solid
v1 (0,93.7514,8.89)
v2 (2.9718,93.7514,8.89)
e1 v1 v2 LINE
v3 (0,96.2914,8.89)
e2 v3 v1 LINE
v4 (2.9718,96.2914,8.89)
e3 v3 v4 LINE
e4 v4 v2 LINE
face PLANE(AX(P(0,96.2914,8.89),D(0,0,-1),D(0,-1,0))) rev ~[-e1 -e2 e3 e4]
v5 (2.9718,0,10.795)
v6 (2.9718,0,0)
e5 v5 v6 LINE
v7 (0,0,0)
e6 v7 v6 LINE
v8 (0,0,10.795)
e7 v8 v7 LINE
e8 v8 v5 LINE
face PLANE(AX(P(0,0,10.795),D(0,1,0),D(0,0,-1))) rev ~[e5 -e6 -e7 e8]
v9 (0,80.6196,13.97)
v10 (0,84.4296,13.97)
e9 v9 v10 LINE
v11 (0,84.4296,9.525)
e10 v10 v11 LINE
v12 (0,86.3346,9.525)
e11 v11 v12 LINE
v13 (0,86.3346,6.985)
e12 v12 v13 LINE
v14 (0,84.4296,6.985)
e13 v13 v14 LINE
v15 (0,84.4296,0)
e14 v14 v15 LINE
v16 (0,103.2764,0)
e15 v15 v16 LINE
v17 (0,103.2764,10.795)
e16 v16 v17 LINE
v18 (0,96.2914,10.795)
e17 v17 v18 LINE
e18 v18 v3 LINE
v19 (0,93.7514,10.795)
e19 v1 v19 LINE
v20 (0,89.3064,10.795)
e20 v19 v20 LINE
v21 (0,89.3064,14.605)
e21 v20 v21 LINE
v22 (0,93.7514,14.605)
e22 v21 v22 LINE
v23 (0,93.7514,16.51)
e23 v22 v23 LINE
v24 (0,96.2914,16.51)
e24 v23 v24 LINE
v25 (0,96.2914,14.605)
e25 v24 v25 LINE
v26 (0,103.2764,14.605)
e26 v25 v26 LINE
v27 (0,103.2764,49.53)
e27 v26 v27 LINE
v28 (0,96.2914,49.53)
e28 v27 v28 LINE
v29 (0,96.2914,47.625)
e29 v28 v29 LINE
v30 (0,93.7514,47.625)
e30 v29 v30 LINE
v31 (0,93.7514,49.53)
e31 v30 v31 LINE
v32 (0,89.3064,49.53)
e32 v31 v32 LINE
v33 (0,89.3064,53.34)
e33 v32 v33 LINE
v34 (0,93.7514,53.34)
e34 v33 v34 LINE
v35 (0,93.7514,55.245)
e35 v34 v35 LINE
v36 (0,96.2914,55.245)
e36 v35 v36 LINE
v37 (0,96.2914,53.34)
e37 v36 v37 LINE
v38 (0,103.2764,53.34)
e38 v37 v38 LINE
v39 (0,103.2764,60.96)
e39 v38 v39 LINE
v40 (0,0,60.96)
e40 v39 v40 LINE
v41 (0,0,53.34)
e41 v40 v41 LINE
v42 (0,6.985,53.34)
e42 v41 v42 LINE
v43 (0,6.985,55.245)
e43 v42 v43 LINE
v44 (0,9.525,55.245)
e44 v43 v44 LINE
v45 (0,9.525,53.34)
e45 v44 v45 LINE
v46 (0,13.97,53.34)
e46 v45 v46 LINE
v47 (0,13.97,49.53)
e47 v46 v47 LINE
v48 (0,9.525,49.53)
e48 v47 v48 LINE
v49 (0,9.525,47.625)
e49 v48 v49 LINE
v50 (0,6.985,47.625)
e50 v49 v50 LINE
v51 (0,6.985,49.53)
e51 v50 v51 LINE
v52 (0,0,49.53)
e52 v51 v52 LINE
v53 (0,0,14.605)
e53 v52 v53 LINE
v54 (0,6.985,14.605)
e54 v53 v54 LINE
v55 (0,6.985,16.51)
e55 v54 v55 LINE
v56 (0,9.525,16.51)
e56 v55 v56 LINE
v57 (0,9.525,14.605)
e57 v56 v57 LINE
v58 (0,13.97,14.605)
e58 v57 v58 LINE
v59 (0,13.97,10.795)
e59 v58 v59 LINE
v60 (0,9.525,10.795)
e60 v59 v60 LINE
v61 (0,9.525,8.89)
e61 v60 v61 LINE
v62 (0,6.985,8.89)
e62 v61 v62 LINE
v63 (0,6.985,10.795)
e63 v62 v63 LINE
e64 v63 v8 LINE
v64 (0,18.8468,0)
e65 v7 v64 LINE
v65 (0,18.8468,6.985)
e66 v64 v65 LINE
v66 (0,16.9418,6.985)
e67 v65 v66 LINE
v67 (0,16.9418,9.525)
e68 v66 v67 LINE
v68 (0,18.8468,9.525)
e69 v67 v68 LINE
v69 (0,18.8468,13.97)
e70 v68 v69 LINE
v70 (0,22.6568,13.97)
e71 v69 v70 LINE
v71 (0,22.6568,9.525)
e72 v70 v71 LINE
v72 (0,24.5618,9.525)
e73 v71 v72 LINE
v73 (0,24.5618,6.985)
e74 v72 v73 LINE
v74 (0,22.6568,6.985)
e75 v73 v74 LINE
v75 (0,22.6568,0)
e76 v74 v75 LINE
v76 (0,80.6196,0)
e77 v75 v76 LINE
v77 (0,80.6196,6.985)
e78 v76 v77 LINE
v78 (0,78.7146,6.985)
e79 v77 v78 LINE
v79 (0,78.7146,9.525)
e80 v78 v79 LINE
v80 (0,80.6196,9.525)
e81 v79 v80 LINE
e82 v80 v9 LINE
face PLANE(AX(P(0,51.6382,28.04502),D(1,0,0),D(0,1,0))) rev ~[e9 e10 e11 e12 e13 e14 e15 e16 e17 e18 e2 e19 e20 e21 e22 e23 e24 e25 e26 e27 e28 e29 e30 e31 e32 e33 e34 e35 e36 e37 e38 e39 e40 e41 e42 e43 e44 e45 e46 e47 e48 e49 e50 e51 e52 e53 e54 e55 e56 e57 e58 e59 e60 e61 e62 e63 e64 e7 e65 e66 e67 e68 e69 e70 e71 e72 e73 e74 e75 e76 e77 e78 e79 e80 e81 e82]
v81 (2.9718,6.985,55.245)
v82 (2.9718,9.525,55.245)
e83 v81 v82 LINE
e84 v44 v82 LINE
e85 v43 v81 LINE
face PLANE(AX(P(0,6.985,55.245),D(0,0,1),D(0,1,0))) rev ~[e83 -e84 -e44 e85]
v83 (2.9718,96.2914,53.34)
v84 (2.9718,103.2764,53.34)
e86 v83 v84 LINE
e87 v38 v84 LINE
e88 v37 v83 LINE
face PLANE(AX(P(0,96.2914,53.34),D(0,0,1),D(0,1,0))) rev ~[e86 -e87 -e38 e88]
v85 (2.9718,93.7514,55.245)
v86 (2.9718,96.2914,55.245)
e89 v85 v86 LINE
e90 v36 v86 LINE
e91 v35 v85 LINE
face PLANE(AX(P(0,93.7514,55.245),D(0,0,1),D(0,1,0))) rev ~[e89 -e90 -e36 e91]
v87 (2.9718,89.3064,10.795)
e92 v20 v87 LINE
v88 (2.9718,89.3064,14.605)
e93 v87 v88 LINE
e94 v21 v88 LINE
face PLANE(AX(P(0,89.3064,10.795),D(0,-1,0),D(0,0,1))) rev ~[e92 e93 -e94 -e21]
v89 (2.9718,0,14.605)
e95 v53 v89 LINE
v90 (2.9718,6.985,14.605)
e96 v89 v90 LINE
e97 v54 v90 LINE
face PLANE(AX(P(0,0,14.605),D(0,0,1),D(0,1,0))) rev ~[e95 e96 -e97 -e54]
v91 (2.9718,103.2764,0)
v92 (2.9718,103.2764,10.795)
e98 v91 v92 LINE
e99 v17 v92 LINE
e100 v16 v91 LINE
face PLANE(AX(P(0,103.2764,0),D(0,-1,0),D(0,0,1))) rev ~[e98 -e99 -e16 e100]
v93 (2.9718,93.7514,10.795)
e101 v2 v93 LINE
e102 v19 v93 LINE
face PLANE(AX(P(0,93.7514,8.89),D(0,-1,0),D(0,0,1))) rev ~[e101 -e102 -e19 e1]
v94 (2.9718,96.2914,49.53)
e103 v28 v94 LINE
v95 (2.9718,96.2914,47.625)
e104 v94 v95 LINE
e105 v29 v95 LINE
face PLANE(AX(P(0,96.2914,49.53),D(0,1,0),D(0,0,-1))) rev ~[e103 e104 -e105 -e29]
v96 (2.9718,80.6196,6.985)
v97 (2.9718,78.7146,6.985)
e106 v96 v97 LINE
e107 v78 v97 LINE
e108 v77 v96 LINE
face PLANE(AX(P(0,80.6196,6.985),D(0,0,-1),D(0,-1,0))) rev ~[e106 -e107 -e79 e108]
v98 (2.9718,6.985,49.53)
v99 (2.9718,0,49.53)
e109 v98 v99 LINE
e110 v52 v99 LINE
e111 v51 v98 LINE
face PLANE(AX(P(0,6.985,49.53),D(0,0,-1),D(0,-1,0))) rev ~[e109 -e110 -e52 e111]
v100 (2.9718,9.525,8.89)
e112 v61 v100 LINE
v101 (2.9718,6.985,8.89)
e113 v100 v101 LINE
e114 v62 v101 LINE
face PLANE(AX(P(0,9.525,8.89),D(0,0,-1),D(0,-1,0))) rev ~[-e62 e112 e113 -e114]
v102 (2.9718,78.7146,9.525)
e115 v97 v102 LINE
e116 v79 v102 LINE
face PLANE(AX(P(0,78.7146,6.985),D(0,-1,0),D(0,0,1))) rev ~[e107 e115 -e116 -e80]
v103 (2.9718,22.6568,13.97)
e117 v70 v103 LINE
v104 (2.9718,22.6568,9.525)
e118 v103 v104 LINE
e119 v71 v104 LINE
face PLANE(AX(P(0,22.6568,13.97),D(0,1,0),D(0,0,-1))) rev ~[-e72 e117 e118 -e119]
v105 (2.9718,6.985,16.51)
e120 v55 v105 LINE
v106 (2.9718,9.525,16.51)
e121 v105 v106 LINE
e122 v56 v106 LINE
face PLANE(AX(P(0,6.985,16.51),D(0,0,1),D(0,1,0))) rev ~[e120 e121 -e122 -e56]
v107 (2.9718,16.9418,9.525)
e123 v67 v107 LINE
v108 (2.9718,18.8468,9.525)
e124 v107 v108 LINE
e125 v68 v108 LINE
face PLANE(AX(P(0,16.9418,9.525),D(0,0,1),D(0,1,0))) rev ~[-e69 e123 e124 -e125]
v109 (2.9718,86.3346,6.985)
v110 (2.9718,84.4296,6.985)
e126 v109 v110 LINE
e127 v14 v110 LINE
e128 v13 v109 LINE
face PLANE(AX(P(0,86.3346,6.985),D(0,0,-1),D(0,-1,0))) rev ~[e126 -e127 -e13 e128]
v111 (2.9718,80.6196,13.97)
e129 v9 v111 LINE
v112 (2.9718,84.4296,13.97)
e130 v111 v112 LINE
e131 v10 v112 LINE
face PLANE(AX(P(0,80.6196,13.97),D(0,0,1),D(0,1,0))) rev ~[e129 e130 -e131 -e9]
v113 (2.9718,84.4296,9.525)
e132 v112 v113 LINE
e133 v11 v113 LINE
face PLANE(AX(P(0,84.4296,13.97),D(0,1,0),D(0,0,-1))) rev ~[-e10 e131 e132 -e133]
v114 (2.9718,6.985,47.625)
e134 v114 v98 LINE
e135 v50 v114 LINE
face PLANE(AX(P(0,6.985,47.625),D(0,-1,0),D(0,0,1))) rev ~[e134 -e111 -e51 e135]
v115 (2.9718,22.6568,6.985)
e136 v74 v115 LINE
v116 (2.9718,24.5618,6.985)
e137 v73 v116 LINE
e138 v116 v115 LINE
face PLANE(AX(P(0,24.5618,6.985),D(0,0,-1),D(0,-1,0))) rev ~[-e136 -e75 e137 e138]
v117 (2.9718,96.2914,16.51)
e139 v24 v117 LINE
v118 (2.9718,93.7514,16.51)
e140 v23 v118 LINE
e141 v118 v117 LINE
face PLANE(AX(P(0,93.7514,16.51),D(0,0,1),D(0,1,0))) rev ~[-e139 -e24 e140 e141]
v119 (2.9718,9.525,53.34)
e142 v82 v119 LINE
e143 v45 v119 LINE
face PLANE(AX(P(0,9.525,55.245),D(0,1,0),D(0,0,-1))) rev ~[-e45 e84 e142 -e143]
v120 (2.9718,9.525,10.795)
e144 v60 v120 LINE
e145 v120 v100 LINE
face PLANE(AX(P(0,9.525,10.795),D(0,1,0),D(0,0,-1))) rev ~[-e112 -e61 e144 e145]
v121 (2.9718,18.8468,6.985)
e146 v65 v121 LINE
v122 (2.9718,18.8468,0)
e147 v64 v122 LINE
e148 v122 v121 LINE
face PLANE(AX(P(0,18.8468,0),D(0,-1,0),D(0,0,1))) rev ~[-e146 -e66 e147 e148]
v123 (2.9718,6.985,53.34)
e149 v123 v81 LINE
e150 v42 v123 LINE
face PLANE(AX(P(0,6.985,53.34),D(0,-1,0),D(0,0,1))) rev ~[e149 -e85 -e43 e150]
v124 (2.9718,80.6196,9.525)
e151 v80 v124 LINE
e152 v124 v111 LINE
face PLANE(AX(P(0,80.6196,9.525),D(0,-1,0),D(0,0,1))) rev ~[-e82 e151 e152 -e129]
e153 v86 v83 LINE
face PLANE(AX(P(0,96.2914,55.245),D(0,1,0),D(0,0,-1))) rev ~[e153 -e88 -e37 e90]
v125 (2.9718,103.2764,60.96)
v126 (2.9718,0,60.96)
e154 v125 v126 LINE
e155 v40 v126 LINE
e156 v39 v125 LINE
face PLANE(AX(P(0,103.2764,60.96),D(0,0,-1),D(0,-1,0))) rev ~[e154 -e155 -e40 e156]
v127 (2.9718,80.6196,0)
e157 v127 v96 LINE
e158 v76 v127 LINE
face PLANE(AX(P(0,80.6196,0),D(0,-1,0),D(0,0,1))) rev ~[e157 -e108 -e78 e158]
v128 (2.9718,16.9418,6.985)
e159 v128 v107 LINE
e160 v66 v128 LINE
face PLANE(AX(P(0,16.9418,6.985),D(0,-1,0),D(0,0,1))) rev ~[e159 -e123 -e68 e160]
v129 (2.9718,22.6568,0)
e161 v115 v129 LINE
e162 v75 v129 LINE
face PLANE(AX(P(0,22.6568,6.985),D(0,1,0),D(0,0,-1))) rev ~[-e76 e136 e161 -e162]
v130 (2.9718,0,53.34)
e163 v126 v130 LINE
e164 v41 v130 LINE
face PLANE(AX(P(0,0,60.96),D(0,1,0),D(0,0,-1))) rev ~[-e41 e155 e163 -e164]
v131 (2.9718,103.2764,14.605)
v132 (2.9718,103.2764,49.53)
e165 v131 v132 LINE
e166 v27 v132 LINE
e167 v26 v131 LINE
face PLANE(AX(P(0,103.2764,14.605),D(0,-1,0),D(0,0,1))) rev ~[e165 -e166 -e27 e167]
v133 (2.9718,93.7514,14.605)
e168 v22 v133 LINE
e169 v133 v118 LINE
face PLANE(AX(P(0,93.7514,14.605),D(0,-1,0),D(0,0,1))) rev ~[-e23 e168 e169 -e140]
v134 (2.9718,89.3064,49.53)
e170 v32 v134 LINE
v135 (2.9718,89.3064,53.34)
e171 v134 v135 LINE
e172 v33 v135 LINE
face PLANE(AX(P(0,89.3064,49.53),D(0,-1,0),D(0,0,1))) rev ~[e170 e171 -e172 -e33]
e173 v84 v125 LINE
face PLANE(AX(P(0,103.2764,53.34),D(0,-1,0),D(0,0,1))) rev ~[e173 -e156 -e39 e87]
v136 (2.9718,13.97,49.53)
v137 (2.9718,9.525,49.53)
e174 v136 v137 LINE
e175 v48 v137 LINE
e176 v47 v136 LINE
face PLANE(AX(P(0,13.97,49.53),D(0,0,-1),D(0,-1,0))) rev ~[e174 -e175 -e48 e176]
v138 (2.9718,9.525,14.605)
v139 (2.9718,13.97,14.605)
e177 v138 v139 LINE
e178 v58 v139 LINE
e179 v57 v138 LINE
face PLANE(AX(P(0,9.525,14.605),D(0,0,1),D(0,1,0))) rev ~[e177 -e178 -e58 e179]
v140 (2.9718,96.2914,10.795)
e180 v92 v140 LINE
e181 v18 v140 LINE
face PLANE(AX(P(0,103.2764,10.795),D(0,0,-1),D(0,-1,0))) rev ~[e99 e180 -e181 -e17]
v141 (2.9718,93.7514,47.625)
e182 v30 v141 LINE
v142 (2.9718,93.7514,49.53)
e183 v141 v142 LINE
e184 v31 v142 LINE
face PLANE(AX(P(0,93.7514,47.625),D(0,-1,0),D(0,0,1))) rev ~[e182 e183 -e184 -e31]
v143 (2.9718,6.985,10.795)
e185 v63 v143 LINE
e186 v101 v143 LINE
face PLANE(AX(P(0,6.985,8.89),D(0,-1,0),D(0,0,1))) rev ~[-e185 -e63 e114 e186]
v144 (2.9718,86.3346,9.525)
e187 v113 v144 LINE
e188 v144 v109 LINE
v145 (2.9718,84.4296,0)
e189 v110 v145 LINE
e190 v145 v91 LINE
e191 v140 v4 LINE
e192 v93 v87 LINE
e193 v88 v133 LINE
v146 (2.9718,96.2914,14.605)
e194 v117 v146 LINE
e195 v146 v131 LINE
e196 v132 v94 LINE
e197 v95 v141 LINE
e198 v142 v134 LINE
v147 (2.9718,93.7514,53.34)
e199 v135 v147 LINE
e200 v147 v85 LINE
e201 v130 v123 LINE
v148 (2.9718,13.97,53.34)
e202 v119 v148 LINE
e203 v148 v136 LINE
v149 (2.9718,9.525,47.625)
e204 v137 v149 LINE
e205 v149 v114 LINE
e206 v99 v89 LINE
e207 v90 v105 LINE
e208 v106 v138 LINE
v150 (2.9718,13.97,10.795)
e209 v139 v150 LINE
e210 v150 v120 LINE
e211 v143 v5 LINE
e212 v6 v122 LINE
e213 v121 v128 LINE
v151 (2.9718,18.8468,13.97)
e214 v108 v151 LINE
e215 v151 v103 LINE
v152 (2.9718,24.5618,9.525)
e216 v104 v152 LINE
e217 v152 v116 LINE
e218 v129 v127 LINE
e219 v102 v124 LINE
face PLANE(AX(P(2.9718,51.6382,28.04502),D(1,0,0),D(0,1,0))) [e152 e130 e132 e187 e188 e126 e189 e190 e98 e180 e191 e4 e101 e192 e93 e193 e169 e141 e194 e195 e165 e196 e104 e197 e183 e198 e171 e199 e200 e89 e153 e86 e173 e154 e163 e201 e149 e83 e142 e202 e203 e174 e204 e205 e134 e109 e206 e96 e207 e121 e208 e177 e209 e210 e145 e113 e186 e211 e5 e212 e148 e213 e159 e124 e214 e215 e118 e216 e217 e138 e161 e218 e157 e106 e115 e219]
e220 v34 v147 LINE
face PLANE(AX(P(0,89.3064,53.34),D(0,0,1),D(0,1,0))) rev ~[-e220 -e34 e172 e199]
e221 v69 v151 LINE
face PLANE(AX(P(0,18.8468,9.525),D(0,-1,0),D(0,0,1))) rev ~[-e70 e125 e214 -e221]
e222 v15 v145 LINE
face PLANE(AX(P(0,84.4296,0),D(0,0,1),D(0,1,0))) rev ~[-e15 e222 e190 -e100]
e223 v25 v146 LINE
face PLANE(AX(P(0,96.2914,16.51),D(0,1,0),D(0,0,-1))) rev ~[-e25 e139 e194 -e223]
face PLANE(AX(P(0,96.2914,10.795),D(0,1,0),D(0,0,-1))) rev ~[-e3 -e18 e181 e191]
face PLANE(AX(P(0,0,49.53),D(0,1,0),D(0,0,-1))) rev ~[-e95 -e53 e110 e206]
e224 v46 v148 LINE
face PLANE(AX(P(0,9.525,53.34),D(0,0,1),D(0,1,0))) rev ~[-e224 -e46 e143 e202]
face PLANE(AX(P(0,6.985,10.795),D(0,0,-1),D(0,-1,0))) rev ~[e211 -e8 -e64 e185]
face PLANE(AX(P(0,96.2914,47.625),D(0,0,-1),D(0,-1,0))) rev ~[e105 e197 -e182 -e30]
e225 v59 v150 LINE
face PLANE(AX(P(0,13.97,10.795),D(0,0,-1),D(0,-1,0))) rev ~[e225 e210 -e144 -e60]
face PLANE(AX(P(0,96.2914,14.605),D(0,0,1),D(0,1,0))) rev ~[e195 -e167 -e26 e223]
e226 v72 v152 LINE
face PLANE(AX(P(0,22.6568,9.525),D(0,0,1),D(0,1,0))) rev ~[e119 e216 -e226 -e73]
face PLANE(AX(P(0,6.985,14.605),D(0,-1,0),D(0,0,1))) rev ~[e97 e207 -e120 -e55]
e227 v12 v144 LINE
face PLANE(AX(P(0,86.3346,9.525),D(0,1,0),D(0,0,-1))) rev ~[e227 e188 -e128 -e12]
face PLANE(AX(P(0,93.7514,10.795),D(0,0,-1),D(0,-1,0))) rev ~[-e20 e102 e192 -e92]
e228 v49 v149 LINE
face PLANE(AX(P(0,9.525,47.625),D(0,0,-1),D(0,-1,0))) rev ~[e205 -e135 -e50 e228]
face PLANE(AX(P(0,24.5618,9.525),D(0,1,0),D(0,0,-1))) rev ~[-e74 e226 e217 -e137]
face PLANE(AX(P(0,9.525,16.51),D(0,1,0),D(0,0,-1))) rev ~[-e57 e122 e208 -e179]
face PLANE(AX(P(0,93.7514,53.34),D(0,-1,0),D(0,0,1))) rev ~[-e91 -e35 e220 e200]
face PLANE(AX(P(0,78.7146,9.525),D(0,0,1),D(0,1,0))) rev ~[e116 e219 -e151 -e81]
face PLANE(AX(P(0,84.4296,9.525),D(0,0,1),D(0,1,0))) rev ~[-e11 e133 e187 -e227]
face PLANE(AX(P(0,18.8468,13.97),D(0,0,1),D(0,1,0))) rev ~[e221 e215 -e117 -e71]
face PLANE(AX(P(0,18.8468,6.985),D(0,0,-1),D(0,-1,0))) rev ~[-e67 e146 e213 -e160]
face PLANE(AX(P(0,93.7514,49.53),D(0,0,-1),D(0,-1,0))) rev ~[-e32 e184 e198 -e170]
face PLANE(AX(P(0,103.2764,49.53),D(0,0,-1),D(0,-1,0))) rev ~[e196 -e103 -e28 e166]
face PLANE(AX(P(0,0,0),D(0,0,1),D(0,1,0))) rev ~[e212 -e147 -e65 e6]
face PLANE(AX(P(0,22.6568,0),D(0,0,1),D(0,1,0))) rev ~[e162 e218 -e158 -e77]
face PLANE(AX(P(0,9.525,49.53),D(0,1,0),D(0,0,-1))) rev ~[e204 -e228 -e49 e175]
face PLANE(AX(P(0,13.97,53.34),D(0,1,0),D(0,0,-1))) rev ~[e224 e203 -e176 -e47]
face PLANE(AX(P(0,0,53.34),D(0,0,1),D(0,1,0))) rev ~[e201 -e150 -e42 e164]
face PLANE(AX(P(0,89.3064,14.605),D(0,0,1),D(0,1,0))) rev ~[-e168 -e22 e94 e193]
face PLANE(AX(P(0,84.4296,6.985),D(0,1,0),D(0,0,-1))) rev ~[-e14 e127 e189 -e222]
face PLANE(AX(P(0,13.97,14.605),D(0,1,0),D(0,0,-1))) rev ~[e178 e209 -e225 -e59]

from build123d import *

# Parameters (mm, degrees)
F1_DEPTH = 2.9718


with BuildPart() as f1:
    # F0 (on Right) → F1 (new body)
    with BuildSketch(Plane.YZ):
        Polygon((0, 10.795), (0, 0), (18.8468, 0), (18.8468, 6.985), (16.9418, 6.985), (16.9418, 9.525), (18.8468, 9.525), (18.8468, 13.97), (22.6568, 13.97), (22.6568, 9.525), (24.5618, 9.525), (24.5618, 6.985), (22.6568, 6.985), (22.6568, 0), (80.6196, 0), (80.6196, 6.985), (78.7146, 6.985), (78.7146, 9.525), (80.6196, 9.525), (80.6196, 13.97), (84.4296, 13.97), (84.4296, 9.525), (86.3346, 9.525), (86.3346, 6.985), (84.4296, 6.985), (84.4296, 0), (103.2764, 0), (103.2764, 10.795), (96.2914, 10.795), (96.2914, 8.89), (93.7514, 8.89), (93.7514, 10.795), (89.3064, 10.795), (89.3064, 14.605), (93.7514, 14.605), (93.7514, 16.51), (96.2914, 16.51), (96.2914, 14.605), (103.2764, 14.605), (103.2764, 49.53), (96.2914, 49.53), (96.2914, 47.625), (93.7514, 47.625), (93.7514, 49.53), (89.3064, 49.53), (89.3064, 53.34), (93.7514, 53.34), (93.7514, 55.245), (96.2914, 55.245), (96.2914, 53.34), (103.2764, 53.34), (103.2764, 60.96), (0, 60.96), (0, 53.34), (6.985, 53.34), (6.985, 55.245), (9.525, 55.245), (9.525, 53.34), (13.97, 53.34), (13.97, 49.53), (9.525, 49.53), (9.525, 47.625), (6.985, 47.625), (6.985, 49.53), (0, 49.53), (0, 14.605), (6.985, 14.605), (6.985, 16.51), (9.525, 16.51), (9.525, 14.605), (13.97, 14.605), (13.97, 10.795), (9.525, 10.795), (9.525, 8.89), (6.985, 8.89), (6.985, 10.795), align=None)
    extrude(amount=F1_DEPTH)


solid = f1.part
